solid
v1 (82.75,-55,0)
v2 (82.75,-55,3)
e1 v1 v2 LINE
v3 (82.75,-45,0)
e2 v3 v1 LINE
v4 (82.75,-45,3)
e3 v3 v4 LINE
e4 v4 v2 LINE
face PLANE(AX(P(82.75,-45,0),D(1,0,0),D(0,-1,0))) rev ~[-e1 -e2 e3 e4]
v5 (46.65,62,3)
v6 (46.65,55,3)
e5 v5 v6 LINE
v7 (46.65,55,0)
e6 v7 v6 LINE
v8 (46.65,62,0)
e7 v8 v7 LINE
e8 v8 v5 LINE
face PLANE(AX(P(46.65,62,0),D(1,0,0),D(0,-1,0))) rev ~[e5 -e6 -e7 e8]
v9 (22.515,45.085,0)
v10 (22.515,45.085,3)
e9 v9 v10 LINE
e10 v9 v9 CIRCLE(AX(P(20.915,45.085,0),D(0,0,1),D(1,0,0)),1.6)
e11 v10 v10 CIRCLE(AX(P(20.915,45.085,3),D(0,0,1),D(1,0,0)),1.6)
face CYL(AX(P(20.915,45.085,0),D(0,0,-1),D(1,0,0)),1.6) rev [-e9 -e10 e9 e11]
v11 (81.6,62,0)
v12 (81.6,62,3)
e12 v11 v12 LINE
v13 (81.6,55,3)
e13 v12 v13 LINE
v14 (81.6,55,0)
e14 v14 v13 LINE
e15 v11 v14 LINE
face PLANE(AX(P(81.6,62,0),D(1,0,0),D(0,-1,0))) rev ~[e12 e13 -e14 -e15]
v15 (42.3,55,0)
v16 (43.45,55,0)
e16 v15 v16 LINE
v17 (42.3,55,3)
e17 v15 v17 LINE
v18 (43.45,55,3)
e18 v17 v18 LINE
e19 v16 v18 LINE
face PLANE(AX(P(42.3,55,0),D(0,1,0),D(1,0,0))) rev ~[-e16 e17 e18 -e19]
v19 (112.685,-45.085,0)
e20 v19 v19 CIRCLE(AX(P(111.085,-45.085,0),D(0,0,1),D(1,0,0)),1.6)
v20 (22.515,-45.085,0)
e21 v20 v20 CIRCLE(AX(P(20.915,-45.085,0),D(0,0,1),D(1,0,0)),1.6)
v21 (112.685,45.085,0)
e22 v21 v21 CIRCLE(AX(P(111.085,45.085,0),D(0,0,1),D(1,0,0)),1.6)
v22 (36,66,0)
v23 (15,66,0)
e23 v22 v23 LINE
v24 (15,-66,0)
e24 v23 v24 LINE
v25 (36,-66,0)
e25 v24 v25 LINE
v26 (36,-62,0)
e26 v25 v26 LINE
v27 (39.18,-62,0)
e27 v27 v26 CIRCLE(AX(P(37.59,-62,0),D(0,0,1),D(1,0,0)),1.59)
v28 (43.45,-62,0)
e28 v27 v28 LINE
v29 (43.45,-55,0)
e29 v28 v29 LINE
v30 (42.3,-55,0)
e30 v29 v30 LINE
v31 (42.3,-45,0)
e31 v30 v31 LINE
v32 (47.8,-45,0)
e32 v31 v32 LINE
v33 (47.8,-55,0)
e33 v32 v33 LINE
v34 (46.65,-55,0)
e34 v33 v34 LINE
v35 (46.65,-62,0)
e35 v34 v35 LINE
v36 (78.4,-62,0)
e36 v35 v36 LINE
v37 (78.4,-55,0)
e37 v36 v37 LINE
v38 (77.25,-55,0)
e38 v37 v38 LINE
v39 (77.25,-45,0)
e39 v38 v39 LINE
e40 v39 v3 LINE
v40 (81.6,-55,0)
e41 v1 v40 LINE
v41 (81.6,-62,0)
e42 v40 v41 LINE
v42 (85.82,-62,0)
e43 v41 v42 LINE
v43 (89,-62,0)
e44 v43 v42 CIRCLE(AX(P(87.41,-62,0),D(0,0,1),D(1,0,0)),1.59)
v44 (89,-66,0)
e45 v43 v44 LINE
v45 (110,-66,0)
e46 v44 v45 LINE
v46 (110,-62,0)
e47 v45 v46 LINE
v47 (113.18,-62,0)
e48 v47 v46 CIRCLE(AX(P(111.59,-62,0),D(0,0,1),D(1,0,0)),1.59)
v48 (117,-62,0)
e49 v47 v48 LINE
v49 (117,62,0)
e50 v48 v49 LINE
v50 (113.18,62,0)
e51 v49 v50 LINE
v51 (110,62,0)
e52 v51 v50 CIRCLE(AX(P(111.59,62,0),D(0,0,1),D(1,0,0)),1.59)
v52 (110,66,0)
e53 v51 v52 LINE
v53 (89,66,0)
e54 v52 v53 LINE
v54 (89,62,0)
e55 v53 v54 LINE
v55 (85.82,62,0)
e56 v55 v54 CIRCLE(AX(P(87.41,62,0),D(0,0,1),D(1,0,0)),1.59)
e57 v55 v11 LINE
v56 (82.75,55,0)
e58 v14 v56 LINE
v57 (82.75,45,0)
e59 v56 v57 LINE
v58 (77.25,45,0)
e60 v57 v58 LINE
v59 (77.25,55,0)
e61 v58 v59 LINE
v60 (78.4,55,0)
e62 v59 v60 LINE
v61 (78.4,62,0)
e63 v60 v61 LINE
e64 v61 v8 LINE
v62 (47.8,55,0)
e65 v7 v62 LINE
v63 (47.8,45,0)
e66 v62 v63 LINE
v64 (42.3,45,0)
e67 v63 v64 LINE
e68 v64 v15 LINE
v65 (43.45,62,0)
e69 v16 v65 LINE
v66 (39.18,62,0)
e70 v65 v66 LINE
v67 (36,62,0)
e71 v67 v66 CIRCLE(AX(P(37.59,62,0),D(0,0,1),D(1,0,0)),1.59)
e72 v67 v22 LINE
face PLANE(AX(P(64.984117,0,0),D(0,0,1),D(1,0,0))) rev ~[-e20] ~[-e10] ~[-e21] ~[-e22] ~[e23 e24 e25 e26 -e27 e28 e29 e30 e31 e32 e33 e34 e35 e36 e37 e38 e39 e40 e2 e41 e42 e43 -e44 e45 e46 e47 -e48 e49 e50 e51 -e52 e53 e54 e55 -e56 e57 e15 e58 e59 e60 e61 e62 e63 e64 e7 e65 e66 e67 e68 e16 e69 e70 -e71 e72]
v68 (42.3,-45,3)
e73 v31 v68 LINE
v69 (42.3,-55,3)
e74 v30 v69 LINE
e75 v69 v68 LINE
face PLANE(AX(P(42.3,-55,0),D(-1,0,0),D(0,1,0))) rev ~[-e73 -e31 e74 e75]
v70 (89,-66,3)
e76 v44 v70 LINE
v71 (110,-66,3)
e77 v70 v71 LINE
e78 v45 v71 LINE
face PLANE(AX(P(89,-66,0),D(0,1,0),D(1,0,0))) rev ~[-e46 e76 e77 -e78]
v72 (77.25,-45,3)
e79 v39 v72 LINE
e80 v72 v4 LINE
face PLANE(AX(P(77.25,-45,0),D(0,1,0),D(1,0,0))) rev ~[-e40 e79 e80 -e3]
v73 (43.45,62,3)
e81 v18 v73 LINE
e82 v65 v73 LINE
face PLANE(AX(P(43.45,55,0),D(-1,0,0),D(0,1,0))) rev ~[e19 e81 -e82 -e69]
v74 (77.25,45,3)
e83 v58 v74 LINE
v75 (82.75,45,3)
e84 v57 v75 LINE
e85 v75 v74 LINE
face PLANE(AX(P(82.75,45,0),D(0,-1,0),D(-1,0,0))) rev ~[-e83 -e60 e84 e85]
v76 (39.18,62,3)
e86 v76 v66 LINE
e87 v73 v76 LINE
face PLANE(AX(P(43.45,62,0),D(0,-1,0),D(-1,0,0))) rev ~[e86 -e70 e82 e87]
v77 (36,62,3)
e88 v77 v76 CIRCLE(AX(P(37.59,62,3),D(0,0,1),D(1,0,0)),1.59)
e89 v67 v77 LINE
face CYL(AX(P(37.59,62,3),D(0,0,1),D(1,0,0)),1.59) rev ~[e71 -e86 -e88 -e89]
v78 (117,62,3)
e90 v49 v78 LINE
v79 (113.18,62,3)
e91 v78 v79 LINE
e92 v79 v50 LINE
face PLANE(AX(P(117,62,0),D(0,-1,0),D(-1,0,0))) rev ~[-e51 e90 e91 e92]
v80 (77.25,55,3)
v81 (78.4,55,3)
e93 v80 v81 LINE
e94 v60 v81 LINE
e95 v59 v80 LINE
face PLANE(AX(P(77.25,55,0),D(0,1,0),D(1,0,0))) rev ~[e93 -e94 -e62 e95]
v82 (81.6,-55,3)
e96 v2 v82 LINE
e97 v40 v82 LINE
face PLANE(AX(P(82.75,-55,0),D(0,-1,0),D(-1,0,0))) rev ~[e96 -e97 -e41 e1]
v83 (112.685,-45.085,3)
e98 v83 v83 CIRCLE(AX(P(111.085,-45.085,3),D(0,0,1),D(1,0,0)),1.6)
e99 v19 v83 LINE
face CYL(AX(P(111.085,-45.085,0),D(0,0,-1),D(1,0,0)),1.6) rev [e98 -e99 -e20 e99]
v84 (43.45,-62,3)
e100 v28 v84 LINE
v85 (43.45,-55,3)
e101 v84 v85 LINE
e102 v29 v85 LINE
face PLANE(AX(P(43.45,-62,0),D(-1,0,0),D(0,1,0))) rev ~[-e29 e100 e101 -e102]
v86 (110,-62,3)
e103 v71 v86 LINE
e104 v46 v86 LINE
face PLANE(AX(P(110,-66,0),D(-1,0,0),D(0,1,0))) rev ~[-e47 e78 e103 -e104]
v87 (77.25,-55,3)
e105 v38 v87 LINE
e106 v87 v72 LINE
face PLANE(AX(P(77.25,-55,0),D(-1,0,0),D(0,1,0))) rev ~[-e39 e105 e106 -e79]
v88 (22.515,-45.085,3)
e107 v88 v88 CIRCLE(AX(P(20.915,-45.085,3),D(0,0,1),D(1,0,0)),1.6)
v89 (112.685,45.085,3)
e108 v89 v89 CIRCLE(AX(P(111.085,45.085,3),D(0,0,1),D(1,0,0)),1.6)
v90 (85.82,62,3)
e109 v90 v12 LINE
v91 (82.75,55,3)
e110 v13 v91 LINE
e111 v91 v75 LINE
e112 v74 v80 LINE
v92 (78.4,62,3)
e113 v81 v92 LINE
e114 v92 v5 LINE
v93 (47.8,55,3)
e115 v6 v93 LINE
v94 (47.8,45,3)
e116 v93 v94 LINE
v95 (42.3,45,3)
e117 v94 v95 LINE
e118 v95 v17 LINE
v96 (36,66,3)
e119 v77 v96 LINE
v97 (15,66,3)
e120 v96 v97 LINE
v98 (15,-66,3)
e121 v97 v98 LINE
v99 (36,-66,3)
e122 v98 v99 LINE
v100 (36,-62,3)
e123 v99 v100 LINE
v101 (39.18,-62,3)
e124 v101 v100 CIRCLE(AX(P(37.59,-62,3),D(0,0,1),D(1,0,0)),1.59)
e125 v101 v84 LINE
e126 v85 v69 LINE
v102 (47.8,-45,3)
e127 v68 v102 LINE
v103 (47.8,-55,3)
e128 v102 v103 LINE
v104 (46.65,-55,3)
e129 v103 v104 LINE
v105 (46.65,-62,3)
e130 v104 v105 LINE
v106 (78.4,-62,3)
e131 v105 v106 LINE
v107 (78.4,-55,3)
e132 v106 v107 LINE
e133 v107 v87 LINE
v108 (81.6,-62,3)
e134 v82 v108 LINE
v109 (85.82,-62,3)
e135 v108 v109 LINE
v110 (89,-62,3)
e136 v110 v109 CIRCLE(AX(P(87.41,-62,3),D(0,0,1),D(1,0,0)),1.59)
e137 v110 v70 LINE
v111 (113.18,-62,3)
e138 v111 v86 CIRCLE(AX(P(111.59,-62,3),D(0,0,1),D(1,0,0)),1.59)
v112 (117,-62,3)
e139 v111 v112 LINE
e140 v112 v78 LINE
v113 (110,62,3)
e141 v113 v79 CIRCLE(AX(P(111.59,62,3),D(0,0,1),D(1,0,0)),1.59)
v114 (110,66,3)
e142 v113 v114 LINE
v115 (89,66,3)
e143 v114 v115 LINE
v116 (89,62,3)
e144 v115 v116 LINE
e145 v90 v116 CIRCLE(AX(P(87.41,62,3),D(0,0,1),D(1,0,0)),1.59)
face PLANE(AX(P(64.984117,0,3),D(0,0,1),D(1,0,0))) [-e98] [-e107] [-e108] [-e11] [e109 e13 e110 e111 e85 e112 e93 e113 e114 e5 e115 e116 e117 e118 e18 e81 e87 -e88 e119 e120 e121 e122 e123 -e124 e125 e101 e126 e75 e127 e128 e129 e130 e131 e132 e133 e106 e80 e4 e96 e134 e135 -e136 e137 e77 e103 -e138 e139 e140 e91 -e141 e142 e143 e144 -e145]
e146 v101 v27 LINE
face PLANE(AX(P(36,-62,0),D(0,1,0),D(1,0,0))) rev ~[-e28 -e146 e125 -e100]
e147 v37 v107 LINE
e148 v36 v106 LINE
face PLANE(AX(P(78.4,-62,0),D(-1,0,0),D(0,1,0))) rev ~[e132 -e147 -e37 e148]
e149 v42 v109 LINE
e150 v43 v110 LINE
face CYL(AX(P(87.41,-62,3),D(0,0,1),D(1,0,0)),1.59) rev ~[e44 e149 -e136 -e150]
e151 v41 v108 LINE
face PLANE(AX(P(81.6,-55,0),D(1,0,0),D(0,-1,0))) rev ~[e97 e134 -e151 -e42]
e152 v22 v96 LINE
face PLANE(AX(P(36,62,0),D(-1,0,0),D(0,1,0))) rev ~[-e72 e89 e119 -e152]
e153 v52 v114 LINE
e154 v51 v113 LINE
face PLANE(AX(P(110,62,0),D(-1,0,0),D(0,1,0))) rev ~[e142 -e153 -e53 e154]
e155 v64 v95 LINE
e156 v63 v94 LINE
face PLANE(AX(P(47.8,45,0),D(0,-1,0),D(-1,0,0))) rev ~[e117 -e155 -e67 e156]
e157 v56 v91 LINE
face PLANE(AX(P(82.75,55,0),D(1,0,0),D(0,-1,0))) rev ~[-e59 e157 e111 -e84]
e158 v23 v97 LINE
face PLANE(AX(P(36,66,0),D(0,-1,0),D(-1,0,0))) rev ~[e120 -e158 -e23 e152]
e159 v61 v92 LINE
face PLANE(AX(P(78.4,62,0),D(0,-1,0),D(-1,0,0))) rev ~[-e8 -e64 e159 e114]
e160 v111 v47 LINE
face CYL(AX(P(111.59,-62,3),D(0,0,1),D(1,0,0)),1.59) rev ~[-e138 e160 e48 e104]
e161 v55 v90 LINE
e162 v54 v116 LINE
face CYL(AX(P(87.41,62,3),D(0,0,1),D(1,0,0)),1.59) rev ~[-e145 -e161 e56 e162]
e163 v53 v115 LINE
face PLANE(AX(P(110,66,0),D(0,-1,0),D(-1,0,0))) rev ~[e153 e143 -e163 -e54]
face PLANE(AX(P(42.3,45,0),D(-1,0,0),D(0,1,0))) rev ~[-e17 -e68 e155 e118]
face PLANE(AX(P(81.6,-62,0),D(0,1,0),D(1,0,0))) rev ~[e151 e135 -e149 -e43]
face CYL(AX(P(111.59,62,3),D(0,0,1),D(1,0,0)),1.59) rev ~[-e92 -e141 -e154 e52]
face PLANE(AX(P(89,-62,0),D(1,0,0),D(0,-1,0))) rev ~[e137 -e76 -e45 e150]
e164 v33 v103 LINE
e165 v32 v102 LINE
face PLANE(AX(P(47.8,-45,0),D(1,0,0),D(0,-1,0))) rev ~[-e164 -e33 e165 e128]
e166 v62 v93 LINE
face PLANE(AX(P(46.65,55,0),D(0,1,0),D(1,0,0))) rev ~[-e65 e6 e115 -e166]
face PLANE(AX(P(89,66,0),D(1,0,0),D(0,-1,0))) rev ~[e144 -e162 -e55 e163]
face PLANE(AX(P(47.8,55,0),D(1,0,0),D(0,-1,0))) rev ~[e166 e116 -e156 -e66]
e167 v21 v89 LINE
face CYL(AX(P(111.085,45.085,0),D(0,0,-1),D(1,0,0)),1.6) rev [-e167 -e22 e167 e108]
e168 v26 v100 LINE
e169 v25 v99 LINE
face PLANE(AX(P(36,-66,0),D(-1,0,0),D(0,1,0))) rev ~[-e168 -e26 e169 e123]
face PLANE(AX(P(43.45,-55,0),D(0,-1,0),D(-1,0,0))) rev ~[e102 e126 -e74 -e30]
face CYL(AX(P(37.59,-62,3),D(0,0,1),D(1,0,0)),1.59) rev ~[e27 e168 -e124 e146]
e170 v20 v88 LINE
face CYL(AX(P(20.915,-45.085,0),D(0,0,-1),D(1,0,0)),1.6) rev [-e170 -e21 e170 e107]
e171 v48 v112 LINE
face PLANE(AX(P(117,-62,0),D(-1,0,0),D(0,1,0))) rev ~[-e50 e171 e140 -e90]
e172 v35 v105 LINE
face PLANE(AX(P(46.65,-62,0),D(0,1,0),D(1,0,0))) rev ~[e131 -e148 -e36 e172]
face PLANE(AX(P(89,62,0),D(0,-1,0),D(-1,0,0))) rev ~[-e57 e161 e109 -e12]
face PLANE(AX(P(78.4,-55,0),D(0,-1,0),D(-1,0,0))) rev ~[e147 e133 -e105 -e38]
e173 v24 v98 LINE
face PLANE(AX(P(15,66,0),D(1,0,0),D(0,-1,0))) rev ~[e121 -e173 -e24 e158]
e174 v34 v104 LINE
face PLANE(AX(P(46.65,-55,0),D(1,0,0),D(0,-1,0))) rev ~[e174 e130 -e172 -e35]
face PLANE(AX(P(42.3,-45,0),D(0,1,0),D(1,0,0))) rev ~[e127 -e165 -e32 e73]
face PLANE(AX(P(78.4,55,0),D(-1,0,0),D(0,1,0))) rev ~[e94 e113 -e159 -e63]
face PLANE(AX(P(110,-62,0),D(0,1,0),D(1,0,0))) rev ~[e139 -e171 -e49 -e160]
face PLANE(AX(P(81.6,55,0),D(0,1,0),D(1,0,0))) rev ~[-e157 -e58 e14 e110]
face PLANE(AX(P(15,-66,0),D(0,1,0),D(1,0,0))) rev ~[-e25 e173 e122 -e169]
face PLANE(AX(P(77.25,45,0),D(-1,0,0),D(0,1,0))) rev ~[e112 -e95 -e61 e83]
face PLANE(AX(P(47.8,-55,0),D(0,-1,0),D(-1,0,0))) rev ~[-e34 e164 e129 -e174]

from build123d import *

# Parameters (mm, degrees)
MODEL_R             = 1.6
BOSS_EXTRUDE1_DEPTH = 3
SKETCH2_R           = 1.59
CUT_EXTRUDE1_DEPTH  = 135.365174059


with BuildPart() as part:
    # Model → Boss-Extrude1 (new body)
    with BuildSketch(Plane.XY):
        Polygon((110, -66), (110, -62), (117, -62), (117, 62), (110, 62), (110, 66), (89, 66), (89, 62), (81.6, 62), (81.6, 55), (82.75, 55), (82.75, 45), (77.25, 45), (77.25, 55), (78.4, 55), (78.4, 62), (46.65, 62), (46.65, 55), (47.8, 55), (47.8, 45), (42.3, 45), (42.3, 55), (43.45, 55), (43.45, 62), (36, 62), (36, 66), (15, 66), (15, -66), (36, -66), (36, -62), (43.45, -62), (43.45, -55), (42.3, -55), (42.3, -45), (47.8, -45), (47.8, -55), (46.65, -55), (46.65, -62), (78.4, -62), (78.4, -55), (77.25, -55), (77.25, -45), (82.75, -45), (82.75, -55), (81.6, -55), (81.6, -62), (89, -62), (89, -66), align=None)
        with Locations((111.085, -45.085)):
            Circle(MODEL_R, mode=Mode.SUBTRACT)
        with Locations((111.085, 45.085)):
            Circle(MODEL_R, mode=Mode.SUBTRACT)
        with Locations((20.915, 45.085)):
            Circle(MODEL_R, mode=Mode.SUBTRACT)
        with Locations((20.915, -45.085)):
            Circle(MODEL_R, mode=Mode.SUBTRACT)
    extrude(amount=BOSS_EXTRUDE1_DEPTH)

    # Sketch2 → Cut-Extrude1 (cut, through all)
    with BuildSketch(Plane.XY.offset(3)):
        with Locations((37.59, 62)):
            Circle(SKETCH2_R)
        with Locations((87.41, 62)):
            Circle(SKETCH2_R)
        with Locations((37.59, -62)):
            Circle(SKETCH2_R)
        with Locations((87.41, -62)):
            Circle(SKETCH2_R)
        with Locations((111.59, -62)):
            Circle(SKETCH2_R)
        with Locations((111.59, 62)):
            Circle(SKETCH2_R)
    extrude(amount=-CUT_EXTRUDE1_DEPTH, mode=Mode.SUBTRACT)


solid = part.part
